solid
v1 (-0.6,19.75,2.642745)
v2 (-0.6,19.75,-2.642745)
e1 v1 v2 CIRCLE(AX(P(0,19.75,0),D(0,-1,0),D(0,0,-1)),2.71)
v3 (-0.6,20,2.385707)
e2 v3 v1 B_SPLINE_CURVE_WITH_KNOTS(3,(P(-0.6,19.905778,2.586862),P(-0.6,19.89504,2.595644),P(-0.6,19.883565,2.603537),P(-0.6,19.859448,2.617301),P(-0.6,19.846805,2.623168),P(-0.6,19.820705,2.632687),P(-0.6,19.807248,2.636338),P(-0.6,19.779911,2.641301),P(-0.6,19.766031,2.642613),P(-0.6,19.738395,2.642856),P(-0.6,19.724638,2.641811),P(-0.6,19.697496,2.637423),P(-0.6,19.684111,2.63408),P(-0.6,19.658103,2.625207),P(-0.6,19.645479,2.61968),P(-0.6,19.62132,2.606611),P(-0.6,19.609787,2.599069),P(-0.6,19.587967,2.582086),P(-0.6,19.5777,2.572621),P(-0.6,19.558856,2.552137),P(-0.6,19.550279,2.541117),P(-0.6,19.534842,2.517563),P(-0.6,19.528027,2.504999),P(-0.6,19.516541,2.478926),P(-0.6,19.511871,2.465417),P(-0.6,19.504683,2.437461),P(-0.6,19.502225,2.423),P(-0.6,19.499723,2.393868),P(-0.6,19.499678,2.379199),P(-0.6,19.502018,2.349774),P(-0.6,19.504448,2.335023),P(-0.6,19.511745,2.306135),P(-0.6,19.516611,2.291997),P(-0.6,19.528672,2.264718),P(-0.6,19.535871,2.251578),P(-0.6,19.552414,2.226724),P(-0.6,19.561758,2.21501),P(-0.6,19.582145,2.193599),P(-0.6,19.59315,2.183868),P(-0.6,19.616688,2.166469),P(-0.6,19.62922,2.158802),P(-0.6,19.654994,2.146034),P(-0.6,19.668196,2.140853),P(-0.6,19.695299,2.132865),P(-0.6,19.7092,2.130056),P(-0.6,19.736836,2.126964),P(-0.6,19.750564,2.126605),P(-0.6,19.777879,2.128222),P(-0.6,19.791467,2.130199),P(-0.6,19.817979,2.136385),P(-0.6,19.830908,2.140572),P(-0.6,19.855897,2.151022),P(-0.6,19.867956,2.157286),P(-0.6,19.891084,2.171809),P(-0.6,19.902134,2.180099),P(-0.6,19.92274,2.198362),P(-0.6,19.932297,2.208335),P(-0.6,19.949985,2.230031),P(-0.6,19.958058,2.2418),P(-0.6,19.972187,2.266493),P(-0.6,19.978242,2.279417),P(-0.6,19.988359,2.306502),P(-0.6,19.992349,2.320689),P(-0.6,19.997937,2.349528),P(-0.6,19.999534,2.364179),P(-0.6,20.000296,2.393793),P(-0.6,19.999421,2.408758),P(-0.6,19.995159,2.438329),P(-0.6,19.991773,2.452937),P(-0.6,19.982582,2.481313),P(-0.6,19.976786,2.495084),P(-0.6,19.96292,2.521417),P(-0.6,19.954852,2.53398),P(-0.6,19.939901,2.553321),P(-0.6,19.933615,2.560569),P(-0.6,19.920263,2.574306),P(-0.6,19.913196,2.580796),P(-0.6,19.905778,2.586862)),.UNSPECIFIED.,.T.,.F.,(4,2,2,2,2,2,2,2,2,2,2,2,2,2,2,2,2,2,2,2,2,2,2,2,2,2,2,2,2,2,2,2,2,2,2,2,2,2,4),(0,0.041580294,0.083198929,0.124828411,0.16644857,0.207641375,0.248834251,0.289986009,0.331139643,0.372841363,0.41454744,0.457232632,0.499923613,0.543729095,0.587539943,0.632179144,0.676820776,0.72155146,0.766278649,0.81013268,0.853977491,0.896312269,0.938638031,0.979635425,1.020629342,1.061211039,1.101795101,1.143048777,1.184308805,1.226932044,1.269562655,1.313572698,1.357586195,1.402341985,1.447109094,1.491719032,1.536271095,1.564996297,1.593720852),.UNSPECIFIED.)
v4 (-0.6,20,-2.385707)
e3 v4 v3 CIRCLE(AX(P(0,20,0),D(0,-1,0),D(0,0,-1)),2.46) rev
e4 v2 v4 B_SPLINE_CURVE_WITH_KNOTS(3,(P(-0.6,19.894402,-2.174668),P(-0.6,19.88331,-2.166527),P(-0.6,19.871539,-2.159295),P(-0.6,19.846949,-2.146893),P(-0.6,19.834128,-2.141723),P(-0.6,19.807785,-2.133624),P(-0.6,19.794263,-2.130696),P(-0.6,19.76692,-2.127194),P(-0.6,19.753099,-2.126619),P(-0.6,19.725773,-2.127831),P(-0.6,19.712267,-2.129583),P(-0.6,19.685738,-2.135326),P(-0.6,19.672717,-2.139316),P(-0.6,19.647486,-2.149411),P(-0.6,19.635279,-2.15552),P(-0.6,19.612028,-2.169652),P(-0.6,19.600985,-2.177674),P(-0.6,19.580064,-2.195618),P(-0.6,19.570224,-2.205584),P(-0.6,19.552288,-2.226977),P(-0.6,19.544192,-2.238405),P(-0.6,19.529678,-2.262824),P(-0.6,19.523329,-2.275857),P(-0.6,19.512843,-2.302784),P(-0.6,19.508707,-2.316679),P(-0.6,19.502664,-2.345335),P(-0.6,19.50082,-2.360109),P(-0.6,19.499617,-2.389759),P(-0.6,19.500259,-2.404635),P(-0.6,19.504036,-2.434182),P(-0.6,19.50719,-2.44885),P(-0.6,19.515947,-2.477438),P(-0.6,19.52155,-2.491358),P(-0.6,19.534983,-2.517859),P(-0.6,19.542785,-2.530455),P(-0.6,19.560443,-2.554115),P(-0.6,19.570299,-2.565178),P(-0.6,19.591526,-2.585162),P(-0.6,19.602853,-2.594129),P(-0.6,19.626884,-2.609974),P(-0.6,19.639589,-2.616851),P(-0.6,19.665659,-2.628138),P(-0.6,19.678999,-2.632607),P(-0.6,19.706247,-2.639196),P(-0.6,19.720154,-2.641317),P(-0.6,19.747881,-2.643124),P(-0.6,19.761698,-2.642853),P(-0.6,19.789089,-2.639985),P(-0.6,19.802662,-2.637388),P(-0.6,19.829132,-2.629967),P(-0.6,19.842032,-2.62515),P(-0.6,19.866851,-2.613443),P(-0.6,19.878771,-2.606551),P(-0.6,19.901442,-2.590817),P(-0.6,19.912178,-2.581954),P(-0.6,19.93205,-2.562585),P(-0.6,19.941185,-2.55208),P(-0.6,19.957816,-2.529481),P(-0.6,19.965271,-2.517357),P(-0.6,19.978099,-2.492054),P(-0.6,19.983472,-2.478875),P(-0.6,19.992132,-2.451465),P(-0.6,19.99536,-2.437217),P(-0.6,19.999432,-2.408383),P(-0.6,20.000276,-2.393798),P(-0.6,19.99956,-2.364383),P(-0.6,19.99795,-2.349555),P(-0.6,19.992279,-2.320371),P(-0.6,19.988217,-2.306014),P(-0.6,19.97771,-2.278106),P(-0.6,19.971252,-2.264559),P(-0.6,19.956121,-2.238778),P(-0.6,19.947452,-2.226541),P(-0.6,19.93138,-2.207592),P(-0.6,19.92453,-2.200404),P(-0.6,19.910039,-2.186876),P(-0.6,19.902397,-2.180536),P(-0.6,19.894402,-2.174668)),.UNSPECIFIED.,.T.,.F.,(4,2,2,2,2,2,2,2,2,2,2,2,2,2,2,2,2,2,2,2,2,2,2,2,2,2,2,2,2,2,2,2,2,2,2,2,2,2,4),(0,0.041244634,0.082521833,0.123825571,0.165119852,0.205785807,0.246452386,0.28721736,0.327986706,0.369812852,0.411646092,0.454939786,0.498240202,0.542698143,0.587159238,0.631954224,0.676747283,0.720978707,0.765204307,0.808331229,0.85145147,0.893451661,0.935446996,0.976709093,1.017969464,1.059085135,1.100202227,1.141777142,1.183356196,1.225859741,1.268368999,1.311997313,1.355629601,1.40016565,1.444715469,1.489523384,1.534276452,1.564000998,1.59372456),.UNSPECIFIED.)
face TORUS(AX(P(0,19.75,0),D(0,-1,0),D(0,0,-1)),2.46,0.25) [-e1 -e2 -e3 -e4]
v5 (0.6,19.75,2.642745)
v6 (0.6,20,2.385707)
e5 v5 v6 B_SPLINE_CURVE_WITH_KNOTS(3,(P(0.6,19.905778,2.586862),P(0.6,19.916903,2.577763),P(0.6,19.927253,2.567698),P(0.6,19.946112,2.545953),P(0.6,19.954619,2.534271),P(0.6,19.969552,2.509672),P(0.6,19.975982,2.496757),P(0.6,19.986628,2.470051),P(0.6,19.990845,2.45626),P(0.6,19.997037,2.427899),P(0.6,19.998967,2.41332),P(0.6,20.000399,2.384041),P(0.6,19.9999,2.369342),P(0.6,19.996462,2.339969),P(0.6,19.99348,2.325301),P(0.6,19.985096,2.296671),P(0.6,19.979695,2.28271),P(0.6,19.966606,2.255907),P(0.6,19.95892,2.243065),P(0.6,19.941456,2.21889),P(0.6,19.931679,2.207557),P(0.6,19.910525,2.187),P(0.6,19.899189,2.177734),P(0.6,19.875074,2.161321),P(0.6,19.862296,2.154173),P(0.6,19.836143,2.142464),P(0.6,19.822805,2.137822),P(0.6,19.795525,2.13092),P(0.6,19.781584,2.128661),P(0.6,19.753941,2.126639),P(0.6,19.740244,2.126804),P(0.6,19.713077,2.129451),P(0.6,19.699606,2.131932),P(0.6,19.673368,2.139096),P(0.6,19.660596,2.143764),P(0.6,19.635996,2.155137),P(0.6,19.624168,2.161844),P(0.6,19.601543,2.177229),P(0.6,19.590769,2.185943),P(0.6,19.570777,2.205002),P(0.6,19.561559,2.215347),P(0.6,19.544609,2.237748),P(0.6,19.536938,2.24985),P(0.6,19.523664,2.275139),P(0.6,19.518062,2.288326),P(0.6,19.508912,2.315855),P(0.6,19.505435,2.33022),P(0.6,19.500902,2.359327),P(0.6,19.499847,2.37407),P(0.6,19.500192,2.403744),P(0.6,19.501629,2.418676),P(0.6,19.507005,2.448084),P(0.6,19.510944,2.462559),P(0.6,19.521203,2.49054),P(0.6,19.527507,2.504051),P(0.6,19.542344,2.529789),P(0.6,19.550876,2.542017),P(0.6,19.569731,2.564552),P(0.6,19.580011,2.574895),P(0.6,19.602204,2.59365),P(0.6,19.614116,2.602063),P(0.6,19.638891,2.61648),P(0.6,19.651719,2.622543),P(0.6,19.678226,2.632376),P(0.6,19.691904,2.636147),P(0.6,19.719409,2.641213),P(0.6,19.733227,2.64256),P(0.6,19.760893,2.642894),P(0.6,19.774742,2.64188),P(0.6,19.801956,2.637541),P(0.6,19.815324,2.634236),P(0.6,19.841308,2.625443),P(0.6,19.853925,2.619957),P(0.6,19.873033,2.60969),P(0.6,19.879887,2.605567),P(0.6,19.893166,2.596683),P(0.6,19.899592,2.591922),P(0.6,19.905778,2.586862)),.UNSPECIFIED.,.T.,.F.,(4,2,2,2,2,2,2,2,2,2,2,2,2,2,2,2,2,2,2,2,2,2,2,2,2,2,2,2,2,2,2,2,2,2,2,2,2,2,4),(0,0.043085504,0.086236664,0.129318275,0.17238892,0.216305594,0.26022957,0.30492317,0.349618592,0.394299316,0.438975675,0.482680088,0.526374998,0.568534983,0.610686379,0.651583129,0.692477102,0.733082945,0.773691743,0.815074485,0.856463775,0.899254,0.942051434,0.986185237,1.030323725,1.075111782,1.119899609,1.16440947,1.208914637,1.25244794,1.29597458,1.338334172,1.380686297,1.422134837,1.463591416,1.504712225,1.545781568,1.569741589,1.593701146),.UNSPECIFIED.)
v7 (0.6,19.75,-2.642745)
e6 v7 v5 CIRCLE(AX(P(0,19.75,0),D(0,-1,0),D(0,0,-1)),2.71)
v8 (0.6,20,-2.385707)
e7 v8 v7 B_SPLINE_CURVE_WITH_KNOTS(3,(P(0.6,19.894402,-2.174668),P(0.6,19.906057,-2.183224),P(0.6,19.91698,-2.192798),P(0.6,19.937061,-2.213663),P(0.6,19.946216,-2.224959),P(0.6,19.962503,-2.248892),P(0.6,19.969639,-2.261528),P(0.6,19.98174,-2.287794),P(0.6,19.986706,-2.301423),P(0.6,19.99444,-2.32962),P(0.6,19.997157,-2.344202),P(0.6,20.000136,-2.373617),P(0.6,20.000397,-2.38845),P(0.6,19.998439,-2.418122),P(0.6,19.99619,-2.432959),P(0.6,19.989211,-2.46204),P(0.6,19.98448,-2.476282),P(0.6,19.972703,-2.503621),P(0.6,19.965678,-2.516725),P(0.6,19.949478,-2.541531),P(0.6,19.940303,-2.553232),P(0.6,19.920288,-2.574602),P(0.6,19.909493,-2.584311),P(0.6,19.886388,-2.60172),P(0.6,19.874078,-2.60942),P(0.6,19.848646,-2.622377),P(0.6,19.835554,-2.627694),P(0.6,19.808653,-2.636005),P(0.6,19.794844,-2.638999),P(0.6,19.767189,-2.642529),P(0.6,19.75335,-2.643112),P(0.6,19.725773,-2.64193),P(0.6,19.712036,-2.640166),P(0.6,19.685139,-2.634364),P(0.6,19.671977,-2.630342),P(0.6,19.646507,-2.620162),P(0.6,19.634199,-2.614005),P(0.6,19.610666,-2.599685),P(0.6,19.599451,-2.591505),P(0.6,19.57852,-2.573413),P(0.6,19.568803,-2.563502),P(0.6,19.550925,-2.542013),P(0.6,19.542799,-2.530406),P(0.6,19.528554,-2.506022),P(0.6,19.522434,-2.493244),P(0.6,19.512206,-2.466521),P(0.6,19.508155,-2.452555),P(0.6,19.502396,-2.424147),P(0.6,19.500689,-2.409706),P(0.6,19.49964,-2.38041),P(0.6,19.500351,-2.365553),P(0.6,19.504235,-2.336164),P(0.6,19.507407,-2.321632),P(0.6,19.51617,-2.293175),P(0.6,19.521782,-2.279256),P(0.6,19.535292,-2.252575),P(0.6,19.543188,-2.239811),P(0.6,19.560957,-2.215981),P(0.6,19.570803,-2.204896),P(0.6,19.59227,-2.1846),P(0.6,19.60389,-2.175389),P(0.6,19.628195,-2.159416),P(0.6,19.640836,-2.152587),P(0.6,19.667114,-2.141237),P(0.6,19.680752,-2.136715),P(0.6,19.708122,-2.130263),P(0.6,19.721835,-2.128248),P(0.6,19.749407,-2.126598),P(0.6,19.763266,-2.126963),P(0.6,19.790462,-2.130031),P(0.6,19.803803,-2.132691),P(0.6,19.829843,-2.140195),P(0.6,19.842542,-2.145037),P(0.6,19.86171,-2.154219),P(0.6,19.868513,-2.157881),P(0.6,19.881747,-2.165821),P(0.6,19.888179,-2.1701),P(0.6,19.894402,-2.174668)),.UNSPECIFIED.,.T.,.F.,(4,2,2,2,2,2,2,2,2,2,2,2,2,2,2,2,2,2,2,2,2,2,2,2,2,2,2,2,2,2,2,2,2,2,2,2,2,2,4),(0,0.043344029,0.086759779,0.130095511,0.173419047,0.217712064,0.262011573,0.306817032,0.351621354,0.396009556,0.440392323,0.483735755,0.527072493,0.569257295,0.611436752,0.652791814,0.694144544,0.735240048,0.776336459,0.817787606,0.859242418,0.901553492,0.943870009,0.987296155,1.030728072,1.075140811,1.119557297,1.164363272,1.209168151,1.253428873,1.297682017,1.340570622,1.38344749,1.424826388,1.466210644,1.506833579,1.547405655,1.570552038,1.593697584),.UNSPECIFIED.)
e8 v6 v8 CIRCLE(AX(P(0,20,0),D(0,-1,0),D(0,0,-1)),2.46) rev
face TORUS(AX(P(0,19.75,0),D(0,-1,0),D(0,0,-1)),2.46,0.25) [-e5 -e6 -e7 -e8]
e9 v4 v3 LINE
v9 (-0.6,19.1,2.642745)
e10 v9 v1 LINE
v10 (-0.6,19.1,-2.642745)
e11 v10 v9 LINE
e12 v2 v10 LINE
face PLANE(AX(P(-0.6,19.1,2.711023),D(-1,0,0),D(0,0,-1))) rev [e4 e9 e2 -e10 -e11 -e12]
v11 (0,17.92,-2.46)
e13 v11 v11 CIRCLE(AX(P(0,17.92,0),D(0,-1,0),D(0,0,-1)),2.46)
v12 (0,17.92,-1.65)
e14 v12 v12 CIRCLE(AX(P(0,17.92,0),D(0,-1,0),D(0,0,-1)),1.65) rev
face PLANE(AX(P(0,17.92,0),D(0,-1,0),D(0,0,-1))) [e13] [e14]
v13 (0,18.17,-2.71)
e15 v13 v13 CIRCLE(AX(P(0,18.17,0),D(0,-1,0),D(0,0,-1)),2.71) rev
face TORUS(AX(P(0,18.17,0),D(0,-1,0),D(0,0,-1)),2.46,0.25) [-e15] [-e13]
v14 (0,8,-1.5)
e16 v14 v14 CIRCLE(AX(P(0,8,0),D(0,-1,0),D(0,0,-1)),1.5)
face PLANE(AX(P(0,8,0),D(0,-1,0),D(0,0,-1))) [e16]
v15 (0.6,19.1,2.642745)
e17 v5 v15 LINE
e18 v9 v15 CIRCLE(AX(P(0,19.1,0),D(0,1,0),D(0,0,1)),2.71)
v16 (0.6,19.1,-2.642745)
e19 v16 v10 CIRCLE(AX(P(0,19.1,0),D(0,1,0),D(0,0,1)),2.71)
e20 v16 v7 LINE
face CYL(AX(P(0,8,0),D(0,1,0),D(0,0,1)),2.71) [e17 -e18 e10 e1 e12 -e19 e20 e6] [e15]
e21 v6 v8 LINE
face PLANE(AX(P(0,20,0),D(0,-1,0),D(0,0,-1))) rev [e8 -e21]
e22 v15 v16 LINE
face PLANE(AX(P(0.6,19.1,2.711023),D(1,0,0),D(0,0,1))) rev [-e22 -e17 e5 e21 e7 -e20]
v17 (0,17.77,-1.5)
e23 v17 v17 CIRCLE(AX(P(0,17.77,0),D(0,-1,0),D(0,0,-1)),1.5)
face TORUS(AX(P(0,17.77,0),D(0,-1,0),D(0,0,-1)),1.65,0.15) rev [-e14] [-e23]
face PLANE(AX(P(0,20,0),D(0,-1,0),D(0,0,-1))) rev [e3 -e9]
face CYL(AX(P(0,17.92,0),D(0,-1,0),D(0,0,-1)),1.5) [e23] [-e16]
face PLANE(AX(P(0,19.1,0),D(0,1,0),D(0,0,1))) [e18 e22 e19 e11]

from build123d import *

# Parameters (mm, degrees)
SKETCH1_R             = 2.71
BOSS_EXTRUDE1_DEPTH   = 12
SKETCH2_OUTSIDE_W     = 10.268
SKETCH2_OUTSIDE_H     = 10.268
SKETCH2_OUTSIDE_R     = 1.5
CUT_EXTRUDE1_DEPTH    = 9.92
FILLET1_R             = 0.25
FILLET2_R             = 0.15
SKETCH3_W             = 1.2
SKETCH3_H             = 5.422046684
CUT_EXTRUDE2_DEPTH    = 0.9
BODY_MOVE_COPY1_ANGLE = 180


with BuildPart() as part:
    # Sketch1 → Boss-Extrude1 (new body)
    with BuildSketch(Plane(origin=(0, 0, 0), x_dir=(1, 0, 0), z_dir=(0, 1, 0))):
        with Locations(Location((0, 0, 0), (0, 0, 270))):
            Circle(SKETCH1_R)
    extrude(amount=BOSS_EXTRUDE1_DEPTH)

    # Sketch2 outside → Cut-Extrude1 (cut)
    with BuildSketch(Plane(origin=(0, 12, 0), x_dir=(1, 0, 0), z_dir=(0, 1, 0))):
        Rectangle(SKETCH2_OUTSIDE_W, SKETCH2_OUTSIDE_H)
        with Locations(Location((0, 0, 0), (0, 0, 270))):
            Circle(SKETCH2_OUTSIDE_R, mode=Mode.SUBTRACT)
    extrude(amount=-CUT_EXTRUDE1_DEPTH, mode=Mode.SUBTRACT)

    # Fillet1
    fillet1_edges = [part.edges().sort_by_distance(p)[0] for p in [
        (0, 0, -2.71),
        (0, 2.08, -2.71),
    ]]
    fillet(fillet1_edges, radius=FILLET1_R)

    # Fillet2
    fillet2_edges = [part.edges().sort_by_distance(p)[0] for p in [
        (0, 2.08, -1.5),
    ]]
    fillet(fillet2_edges, radius=FILLET2_R)

    # Sketch3 → Cut-Extrude2 (cut)
    with BuildSketch(Plane.XZ):
        Rectangle(SKETCH3_W, SKETCH3_H)
    extrude(amount=-CUT_EXTRUDE2_DEPTH, mode=Mode.SUBTRACT)


with BuildPart() as part_1:
    # Body-Move/Copy1: moved
    add(part.part.rotate(Axis((0, 10, 0), (1, 0, 0)), BODY_MOVE_COPY1_ANGLE))


solid = part_1.part
